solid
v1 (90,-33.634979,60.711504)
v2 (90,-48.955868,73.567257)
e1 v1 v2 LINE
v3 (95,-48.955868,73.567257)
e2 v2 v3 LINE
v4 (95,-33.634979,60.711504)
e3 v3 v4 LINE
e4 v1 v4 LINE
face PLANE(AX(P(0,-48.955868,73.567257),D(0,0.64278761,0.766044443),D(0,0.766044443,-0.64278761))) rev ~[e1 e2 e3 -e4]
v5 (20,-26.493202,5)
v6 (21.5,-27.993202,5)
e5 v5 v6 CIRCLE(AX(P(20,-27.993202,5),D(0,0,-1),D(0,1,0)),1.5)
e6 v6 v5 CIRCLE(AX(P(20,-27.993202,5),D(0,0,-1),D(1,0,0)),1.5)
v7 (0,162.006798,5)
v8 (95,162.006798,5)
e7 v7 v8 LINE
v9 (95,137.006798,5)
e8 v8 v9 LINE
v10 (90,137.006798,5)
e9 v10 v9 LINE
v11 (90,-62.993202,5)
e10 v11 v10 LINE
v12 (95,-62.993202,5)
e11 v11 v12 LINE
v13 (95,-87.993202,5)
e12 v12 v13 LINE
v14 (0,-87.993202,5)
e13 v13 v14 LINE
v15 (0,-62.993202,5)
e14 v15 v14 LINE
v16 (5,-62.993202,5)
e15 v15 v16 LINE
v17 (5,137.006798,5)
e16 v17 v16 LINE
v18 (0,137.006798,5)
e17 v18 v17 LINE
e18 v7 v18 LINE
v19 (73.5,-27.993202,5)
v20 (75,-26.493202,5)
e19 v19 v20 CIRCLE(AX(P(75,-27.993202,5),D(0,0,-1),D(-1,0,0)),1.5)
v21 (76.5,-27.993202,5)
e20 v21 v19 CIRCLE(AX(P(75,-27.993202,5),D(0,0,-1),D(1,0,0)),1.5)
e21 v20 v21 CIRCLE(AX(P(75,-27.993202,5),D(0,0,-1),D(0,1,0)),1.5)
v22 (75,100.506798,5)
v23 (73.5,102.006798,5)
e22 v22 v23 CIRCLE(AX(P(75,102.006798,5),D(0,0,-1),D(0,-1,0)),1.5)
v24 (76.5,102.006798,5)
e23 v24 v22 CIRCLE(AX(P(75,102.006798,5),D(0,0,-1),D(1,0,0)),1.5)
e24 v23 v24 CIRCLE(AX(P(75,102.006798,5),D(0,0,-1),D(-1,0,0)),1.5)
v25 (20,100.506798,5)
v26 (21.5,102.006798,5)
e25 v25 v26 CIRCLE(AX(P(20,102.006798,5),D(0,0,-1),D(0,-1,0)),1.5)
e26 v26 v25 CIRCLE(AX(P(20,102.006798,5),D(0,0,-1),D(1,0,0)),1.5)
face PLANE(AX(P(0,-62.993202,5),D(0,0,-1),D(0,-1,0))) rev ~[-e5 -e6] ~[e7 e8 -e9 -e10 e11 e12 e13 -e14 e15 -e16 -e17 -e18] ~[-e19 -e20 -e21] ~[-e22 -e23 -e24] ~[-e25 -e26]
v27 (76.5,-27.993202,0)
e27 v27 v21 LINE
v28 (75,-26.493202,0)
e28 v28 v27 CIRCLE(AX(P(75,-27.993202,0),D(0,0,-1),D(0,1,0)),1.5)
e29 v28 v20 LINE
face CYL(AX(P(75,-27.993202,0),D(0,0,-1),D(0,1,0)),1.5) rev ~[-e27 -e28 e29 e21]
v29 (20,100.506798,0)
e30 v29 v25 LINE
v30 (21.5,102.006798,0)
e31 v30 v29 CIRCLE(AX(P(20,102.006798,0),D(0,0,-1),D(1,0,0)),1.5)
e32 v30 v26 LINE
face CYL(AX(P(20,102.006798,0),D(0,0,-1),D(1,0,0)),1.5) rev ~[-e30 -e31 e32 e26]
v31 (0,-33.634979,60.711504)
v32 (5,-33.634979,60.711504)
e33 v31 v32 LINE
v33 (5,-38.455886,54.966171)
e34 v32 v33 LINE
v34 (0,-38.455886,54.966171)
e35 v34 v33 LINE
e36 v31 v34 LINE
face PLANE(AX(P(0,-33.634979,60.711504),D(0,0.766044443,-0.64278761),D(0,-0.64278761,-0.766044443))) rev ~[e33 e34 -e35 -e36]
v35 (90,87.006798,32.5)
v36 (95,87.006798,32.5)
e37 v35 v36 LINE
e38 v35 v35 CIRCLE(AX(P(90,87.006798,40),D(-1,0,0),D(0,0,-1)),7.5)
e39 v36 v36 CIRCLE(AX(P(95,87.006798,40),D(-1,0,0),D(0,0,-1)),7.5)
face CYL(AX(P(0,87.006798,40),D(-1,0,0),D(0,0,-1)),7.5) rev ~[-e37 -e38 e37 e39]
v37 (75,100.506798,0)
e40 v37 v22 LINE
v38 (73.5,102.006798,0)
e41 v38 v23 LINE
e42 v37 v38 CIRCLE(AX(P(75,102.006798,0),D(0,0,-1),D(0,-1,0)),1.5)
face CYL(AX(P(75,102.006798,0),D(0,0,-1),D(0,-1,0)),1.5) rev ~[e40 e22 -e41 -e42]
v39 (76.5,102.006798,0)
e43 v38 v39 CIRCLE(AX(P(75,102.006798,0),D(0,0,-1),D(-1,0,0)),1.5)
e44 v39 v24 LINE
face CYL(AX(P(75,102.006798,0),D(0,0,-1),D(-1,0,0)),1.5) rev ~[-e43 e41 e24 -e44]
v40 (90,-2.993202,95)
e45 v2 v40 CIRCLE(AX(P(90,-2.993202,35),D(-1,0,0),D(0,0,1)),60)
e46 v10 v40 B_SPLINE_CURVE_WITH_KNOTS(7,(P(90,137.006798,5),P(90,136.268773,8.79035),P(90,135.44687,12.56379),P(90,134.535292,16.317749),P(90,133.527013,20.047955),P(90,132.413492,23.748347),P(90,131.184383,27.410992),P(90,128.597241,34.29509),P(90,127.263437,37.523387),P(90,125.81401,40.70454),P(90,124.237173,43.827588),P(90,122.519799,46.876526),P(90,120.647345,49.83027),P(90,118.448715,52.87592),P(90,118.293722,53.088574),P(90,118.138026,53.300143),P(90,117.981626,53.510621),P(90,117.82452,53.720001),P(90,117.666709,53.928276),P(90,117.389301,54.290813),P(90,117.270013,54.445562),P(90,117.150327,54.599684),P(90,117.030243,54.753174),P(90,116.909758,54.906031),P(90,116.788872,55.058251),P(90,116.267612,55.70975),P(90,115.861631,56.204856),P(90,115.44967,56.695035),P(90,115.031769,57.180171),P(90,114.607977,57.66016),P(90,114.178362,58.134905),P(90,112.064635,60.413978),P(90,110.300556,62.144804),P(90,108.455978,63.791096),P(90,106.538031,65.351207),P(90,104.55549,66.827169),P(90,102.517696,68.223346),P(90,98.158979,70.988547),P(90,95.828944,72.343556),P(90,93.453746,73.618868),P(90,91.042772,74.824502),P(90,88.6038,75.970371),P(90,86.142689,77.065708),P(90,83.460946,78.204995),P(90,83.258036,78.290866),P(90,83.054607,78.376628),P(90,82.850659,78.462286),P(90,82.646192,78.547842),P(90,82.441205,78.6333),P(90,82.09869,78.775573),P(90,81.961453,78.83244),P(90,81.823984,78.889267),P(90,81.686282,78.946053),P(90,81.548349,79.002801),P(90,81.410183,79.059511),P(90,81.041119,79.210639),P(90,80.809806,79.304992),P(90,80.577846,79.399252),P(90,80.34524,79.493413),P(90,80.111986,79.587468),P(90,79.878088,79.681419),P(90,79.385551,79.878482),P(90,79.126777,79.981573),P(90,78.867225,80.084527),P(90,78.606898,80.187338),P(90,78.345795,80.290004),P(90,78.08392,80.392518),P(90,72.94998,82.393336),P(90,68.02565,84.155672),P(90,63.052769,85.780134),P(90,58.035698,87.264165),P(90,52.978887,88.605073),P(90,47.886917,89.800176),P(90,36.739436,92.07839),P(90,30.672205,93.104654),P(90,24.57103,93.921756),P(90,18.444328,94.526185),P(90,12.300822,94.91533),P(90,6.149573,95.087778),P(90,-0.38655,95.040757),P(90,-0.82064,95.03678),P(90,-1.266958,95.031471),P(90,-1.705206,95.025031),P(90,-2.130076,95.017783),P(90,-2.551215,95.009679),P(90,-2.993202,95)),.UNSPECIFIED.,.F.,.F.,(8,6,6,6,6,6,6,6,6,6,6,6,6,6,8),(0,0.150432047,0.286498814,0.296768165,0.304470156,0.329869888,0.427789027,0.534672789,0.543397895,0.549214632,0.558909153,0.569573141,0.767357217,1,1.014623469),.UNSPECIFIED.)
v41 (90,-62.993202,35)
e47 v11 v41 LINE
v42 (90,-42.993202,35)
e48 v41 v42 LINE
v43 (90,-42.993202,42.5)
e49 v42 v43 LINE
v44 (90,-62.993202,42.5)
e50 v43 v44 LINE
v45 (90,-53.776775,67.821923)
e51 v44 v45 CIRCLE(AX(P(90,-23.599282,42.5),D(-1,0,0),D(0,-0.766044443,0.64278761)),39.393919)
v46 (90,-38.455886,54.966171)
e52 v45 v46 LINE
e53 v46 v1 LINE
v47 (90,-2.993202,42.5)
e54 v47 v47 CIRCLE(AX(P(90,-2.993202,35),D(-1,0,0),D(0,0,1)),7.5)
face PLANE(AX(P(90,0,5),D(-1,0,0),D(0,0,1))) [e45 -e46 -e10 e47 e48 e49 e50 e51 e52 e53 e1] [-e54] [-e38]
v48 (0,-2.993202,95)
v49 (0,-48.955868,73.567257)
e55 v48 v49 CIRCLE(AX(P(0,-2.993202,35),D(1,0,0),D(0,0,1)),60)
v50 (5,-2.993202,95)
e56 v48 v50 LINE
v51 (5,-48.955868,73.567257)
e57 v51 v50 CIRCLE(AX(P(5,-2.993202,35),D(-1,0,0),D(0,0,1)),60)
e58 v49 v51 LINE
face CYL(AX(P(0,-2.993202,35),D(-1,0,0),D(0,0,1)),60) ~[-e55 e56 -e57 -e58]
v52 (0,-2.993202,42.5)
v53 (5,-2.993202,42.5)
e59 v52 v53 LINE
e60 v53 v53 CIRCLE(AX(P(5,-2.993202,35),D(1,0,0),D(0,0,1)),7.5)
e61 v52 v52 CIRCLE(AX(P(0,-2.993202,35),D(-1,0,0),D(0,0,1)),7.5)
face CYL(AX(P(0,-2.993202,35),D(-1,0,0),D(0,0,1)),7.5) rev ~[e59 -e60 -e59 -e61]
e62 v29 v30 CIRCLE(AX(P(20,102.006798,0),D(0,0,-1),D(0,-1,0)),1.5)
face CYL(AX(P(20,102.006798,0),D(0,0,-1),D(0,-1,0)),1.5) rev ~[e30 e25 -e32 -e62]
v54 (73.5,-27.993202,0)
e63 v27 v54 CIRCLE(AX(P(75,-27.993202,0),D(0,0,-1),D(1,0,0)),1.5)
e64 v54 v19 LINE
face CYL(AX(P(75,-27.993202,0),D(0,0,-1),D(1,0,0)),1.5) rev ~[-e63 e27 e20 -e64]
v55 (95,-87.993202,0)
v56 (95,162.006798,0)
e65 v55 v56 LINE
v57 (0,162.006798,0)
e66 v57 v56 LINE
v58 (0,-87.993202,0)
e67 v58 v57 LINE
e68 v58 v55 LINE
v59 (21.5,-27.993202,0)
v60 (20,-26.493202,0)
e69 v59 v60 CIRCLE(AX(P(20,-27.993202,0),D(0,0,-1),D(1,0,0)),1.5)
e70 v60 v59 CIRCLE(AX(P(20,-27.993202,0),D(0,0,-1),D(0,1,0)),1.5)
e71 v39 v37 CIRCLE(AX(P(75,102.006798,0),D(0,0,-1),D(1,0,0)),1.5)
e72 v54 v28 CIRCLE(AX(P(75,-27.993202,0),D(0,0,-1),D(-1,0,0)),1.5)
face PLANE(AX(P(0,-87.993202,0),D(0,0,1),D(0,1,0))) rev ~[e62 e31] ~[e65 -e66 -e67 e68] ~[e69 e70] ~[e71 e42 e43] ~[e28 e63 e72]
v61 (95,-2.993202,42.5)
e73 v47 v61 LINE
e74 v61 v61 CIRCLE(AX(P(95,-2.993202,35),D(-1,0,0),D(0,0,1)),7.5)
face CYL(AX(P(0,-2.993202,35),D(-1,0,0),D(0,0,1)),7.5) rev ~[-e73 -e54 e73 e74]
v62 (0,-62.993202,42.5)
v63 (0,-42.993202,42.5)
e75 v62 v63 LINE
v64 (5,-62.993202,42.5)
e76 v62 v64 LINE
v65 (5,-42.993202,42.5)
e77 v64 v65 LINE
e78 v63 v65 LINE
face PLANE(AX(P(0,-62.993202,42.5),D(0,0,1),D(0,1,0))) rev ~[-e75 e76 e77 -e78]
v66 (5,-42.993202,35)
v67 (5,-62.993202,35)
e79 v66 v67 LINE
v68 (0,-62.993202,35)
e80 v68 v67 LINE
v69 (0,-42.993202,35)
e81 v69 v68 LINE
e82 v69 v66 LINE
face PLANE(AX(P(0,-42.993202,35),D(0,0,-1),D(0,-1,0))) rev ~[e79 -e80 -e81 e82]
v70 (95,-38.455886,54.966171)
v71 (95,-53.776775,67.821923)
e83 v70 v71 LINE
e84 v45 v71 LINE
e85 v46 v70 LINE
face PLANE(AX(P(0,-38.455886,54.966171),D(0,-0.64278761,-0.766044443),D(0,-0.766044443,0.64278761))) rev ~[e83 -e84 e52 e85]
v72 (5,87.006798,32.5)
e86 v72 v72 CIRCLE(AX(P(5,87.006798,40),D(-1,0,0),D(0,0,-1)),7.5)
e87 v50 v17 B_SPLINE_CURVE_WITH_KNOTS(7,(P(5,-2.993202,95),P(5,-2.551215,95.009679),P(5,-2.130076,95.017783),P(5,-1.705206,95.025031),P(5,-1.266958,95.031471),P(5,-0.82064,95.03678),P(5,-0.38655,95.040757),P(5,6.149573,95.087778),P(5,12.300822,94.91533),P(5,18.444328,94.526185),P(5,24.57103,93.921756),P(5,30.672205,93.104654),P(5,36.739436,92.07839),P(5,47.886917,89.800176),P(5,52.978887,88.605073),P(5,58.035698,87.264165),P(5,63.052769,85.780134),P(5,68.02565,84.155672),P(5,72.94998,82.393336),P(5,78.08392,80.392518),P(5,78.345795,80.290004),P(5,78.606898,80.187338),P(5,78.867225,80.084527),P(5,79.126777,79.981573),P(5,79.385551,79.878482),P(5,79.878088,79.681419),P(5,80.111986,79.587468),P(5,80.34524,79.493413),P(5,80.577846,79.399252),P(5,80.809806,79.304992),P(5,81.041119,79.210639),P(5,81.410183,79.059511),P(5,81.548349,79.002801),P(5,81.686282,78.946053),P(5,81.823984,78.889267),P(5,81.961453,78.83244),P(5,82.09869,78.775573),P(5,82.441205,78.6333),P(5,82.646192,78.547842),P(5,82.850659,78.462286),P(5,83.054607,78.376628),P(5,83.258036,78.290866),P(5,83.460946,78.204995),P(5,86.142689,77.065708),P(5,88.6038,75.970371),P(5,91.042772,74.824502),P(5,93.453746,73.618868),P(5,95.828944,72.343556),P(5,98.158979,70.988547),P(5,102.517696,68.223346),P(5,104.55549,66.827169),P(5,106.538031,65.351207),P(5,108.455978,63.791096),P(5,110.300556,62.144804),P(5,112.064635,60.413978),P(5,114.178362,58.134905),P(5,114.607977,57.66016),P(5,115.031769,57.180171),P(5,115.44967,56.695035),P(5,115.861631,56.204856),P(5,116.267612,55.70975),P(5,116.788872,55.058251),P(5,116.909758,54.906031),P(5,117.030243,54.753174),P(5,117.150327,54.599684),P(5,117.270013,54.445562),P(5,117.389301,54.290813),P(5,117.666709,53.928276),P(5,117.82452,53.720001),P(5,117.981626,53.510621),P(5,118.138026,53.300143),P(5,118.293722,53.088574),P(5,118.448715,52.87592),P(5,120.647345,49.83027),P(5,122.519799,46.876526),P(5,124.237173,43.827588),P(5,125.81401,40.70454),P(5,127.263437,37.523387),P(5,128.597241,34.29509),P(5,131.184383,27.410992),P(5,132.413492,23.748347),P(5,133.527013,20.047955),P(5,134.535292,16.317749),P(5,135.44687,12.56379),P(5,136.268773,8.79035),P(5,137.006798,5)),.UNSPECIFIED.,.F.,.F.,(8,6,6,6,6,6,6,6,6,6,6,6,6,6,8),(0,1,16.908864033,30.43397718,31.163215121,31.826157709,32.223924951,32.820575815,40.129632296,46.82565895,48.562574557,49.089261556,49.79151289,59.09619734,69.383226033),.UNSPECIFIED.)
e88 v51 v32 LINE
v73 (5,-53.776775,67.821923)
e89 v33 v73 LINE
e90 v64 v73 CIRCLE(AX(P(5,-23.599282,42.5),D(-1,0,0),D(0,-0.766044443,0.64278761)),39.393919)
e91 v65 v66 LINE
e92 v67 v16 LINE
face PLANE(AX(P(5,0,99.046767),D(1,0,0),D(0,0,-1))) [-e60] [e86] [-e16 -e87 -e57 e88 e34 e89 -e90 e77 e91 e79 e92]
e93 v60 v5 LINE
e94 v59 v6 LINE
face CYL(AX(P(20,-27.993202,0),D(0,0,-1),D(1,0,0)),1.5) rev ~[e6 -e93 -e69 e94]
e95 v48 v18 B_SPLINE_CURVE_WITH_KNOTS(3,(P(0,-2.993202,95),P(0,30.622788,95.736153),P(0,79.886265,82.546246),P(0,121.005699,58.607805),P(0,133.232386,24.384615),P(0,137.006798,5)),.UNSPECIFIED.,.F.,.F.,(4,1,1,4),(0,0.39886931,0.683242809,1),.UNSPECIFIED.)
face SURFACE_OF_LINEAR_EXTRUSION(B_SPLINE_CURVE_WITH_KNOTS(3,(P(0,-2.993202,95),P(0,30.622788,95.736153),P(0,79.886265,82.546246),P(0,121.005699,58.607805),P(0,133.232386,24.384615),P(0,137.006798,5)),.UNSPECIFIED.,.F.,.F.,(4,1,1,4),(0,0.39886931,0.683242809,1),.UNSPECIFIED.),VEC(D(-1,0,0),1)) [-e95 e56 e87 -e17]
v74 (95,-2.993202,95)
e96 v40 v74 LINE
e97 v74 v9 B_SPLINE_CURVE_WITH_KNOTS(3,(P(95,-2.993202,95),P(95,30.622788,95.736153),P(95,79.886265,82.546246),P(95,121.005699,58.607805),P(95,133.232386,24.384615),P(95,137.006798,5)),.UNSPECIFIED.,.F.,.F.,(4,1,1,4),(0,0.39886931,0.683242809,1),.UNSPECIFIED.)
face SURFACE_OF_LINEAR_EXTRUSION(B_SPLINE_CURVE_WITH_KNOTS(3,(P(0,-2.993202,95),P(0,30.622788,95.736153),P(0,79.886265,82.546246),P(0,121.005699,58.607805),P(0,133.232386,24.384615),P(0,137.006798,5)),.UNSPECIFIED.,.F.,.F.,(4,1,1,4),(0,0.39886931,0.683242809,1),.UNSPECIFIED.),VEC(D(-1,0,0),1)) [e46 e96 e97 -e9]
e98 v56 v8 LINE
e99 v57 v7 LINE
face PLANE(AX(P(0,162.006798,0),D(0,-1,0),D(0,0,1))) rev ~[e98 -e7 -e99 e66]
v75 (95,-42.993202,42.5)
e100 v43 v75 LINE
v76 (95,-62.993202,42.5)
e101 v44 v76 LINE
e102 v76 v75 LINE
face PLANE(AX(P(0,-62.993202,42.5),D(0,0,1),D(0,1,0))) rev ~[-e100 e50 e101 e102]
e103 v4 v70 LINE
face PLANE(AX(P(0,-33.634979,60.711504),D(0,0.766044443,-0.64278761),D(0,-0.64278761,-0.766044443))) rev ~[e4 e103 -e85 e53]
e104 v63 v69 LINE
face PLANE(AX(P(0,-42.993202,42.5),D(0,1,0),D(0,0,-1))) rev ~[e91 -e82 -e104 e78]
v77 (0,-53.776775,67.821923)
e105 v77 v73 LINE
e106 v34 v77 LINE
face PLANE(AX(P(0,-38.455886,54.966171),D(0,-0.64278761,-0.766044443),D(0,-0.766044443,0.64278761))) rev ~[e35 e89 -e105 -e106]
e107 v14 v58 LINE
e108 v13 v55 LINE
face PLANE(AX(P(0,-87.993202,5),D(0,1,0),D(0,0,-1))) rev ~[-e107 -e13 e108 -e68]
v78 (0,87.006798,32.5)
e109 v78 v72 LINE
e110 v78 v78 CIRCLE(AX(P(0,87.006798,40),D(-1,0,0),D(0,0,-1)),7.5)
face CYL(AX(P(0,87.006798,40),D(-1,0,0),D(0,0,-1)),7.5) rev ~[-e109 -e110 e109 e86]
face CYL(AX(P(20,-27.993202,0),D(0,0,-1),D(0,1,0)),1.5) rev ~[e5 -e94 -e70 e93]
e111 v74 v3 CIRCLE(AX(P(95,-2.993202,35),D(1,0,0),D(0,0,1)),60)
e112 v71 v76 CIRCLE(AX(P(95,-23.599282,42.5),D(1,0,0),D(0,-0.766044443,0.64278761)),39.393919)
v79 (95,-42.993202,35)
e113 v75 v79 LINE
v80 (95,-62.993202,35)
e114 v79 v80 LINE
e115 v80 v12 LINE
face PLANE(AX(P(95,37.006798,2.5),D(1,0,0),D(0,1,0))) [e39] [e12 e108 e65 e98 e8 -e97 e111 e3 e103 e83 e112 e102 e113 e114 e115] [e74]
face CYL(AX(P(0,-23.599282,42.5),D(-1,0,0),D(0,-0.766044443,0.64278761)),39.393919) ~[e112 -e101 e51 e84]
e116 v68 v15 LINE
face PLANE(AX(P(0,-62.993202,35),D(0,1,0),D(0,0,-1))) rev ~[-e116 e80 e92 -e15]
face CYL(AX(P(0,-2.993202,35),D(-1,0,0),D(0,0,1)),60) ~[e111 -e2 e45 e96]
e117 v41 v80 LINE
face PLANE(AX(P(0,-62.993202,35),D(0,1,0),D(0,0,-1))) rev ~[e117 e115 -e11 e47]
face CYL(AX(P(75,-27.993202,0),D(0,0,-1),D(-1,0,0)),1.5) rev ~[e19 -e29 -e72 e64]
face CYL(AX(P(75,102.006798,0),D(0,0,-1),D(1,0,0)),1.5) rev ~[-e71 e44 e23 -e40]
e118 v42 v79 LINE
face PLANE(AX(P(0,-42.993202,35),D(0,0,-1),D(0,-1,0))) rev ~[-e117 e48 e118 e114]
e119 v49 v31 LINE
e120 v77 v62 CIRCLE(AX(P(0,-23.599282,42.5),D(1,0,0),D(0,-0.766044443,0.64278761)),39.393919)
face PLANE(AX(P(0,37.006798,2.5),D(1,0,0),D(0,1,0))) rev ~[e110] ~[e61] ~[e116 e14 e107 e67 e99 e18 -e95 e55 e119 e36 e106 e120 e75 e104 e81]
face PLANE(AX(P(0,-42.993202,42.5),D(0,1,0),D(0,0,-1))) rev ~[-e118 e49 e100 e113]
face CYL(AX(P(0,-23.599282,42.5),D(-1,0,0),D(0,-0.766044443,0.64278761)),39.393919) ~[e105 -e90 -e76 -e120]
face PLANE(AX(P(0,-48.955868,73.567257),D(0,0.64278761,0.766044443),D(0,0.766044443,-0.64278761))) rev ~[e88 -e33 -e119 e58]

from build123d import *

# Parameters (mm, degrees)
F1_DEPTH      = 95
F3_DEPTH      = 150
F3_DEPTH_BACK = 150
F5_DEPTH      = 25


with BuildPart() as f1:
    # F0 (on Right) → F1 (new body)
    with BuildSketch(Plane.YZ):
        Polygon((-87.993201702, 5), (-87.993201702, 0), (162.006798298, 0), (162.006798298, 5), (137.006798298, 5), (87.006798298, 5), (-2.993201702, 5), (-62.993201702, 5), align=None)
        with BuildLine():
            Line((-62.993201702, 35), (-62.993201702, 5))
            Line((-62.993201702, 5), (-2.993201702, 5))
            Line((-2.993201702, 5), (-2.993201702, 27.5))
            ThreePointArc((-2.993201702, 27.5), (-10.493201702, 35), (-2.993201702, 42.5))
            Line((-2.993201702, 42.5), (-2.993201702, 95))
            ThreePointArc((-2.993201702, 95), (-28.3502974065, 89.3784672222), (-48.9558682892, 73.5672565812))
            Line((-48.9558682892, 73.5672565812), (-33.6349794268, 60.7115043875))
            Line((-33.6349794268, 60.7115043875), (-38.4558864994, 54.9661710641))
            Line((-38.4558864994, 54.9661710641), (-53.7767753618, 67.8219232578))
            ThreePointArc((-53.7767753618, 67.8219232578), (-60.6174576688, 55.9735139436), (-62.993201702, 42.5))
            Line((-62.993201702, 42.5), (-42.993201702, 42.5))
            Line((-42.993201702, 42.5), (-42.993201702, 35))
            Line((-42.993201702, 35), (-62.993201702, 35))
        make_face()
        with BuildLine():
            Line((87.006798298, 5), (137.006798298, 5))
            add(Edge.make_bspline(
                [(-2.993201702, 95), (30.6227877736, 95.7361534238), (79.8862645285, 82.5462463817), (121.0056993256, 58.60780489), (133.2323859183, 24.3846146975), (137.006798298, 5)],
                knots=[0, 0, 0, 0, 0.3988693097, 0.6832428088, 1, 1, 1, 1], degree=3))
            Line((-2.993201702, 95), (-2.993201702, 42.5))
            ThreePointArc((-2.993201702, 42.5), (2.3100991569, 40.3033008589), (4.506798298, 35))
            ThreePointArc((4.506798298, 35), (2.3100991569, 29.6966991411), (-2.993201702, 27.5))
            Line((-2.993201702, 27.5), (-2.993201702, 5))
            Line((-2.993201702, 5), (87.006798298, 5))
        make_face()
        with BuildLine():
            ThreePointArc((94.506798298, 40), (92.3100991569, 34.6966991411), (87.006798298, 32.5))
            ThreePointArc((87.006798298, 32.5), (81.7034974391, 45.3033008589), (94.506798298, 40))
        make_face(mode=Mode.SUBTRACT)
    extrude(amount=F1_DEPTH)

    # F2 (on Front) → F3 (cut, two sides)
    with BuildSketch(Plane.XZ) as f3_sk:
        Polygon((5, 5), (90, 5), (90, 95), (90, 99.046766758), (5, 99.046766758), (5, 95), align=None)
    extrude(amount=-F3_DEPTH, mode=Mode.SUBTRACT)
    extrude(f3_sk.sketch, amount=F3_DEPTH_BACK, mode=Mode.SUBTRACT)

    # F4 (on face) → F5 (cut)
    with BuildSketch(Plane(origin=(0, 0, 0), x_dir=(1, 0, 0), z_dir=(0, 0, -1))):
        with BuildLine():
            Line((20, 26.493201702), (20, 27.993201702))
            Line((20, 27.993201702), (21.5, 27.993201702))
            ThreePointArc((21.5, 27.993201702), (18.9393398282, 29.0538618738), (20, 26.493201702))
        make_face()
        with BuildLine():
            Line((21.5, 27.993201702), (20, 27.993201702))
            Line((20, 27.993201702), (20, 26.493201702))
            ThreePointArc((20, 26.493201702), (21.0606601718, 26.9325415303), (21.5, 27.993201702))
        make_face()
        with BuildLine():
            Line((75, 27.993201702), (73.5, 27.993201702))
            ThreePointArc((73.5, 27.993201702), (73.9393398282, 26.9325415303), (75, 26.493201702))
            Line((75, 26.493201702), (75, 27.993201702))
        make_face()
        with BuildLine():
            ThreePointArc((76.5, 27.993201702), (75, 29.493201702), (73.5, 27.993201702))
            Line((73.5, 27.993201702), (75, 27.993201702))
            Line((75, 27.993201702), (75, 26.493201702))
            ThreePointArc((75, 26.493201702), (76.0606601718, 26.9325415303), (76.5, 27.993201702))
        make_face()
        with BuildLine():
            ThreePointArc((21.5, -102.006798298), (21.0606601718, -100.9461381262), (20, -100.506798298))
            Line((20, -100.506798298), (20, -102.006798298))
            Line((20, -102.006798298), (21.5, -102.006798298))
        make_face()
        with BuildLine():
            Line((20, -102.006798298), (20, -100.506798298))
            ThreePointArc((20, -100.506798298), (18.9393398282, -103.0674584697), (21.5, -102.006798298))
            Line((21.5, -102.006798298), (20, -102.006798298))
        make_face()
        with BuildLine():
            Line((75, -102.006798298), (75, -100.506798298))
            ThreePointArc((75, -100.506798298), (73.9393398282, -100.9461381262), (73.5, -102.006798298))
            Line((73.5, -102.006798298), (75, -102.006798298))
        make_face()
        with BuildLine():
            ThreePointArc((76.5, -102.006798298), (76.0606601718, -100.9461381262), (75, -100.506798298))
            Line((75, -100.506798298), (75, -102.006798298))
            Line((75, -102.006798298), (73.5, -102.006798298))
            ThreePointArc((73.5, -102.006798298), (75, -103.506798298), (76.5, -102.006798298))
        make_face()
    extrude(amount=-F5_DEPTH, mode=Mode.SUBTRACT)


solid = f1.part
